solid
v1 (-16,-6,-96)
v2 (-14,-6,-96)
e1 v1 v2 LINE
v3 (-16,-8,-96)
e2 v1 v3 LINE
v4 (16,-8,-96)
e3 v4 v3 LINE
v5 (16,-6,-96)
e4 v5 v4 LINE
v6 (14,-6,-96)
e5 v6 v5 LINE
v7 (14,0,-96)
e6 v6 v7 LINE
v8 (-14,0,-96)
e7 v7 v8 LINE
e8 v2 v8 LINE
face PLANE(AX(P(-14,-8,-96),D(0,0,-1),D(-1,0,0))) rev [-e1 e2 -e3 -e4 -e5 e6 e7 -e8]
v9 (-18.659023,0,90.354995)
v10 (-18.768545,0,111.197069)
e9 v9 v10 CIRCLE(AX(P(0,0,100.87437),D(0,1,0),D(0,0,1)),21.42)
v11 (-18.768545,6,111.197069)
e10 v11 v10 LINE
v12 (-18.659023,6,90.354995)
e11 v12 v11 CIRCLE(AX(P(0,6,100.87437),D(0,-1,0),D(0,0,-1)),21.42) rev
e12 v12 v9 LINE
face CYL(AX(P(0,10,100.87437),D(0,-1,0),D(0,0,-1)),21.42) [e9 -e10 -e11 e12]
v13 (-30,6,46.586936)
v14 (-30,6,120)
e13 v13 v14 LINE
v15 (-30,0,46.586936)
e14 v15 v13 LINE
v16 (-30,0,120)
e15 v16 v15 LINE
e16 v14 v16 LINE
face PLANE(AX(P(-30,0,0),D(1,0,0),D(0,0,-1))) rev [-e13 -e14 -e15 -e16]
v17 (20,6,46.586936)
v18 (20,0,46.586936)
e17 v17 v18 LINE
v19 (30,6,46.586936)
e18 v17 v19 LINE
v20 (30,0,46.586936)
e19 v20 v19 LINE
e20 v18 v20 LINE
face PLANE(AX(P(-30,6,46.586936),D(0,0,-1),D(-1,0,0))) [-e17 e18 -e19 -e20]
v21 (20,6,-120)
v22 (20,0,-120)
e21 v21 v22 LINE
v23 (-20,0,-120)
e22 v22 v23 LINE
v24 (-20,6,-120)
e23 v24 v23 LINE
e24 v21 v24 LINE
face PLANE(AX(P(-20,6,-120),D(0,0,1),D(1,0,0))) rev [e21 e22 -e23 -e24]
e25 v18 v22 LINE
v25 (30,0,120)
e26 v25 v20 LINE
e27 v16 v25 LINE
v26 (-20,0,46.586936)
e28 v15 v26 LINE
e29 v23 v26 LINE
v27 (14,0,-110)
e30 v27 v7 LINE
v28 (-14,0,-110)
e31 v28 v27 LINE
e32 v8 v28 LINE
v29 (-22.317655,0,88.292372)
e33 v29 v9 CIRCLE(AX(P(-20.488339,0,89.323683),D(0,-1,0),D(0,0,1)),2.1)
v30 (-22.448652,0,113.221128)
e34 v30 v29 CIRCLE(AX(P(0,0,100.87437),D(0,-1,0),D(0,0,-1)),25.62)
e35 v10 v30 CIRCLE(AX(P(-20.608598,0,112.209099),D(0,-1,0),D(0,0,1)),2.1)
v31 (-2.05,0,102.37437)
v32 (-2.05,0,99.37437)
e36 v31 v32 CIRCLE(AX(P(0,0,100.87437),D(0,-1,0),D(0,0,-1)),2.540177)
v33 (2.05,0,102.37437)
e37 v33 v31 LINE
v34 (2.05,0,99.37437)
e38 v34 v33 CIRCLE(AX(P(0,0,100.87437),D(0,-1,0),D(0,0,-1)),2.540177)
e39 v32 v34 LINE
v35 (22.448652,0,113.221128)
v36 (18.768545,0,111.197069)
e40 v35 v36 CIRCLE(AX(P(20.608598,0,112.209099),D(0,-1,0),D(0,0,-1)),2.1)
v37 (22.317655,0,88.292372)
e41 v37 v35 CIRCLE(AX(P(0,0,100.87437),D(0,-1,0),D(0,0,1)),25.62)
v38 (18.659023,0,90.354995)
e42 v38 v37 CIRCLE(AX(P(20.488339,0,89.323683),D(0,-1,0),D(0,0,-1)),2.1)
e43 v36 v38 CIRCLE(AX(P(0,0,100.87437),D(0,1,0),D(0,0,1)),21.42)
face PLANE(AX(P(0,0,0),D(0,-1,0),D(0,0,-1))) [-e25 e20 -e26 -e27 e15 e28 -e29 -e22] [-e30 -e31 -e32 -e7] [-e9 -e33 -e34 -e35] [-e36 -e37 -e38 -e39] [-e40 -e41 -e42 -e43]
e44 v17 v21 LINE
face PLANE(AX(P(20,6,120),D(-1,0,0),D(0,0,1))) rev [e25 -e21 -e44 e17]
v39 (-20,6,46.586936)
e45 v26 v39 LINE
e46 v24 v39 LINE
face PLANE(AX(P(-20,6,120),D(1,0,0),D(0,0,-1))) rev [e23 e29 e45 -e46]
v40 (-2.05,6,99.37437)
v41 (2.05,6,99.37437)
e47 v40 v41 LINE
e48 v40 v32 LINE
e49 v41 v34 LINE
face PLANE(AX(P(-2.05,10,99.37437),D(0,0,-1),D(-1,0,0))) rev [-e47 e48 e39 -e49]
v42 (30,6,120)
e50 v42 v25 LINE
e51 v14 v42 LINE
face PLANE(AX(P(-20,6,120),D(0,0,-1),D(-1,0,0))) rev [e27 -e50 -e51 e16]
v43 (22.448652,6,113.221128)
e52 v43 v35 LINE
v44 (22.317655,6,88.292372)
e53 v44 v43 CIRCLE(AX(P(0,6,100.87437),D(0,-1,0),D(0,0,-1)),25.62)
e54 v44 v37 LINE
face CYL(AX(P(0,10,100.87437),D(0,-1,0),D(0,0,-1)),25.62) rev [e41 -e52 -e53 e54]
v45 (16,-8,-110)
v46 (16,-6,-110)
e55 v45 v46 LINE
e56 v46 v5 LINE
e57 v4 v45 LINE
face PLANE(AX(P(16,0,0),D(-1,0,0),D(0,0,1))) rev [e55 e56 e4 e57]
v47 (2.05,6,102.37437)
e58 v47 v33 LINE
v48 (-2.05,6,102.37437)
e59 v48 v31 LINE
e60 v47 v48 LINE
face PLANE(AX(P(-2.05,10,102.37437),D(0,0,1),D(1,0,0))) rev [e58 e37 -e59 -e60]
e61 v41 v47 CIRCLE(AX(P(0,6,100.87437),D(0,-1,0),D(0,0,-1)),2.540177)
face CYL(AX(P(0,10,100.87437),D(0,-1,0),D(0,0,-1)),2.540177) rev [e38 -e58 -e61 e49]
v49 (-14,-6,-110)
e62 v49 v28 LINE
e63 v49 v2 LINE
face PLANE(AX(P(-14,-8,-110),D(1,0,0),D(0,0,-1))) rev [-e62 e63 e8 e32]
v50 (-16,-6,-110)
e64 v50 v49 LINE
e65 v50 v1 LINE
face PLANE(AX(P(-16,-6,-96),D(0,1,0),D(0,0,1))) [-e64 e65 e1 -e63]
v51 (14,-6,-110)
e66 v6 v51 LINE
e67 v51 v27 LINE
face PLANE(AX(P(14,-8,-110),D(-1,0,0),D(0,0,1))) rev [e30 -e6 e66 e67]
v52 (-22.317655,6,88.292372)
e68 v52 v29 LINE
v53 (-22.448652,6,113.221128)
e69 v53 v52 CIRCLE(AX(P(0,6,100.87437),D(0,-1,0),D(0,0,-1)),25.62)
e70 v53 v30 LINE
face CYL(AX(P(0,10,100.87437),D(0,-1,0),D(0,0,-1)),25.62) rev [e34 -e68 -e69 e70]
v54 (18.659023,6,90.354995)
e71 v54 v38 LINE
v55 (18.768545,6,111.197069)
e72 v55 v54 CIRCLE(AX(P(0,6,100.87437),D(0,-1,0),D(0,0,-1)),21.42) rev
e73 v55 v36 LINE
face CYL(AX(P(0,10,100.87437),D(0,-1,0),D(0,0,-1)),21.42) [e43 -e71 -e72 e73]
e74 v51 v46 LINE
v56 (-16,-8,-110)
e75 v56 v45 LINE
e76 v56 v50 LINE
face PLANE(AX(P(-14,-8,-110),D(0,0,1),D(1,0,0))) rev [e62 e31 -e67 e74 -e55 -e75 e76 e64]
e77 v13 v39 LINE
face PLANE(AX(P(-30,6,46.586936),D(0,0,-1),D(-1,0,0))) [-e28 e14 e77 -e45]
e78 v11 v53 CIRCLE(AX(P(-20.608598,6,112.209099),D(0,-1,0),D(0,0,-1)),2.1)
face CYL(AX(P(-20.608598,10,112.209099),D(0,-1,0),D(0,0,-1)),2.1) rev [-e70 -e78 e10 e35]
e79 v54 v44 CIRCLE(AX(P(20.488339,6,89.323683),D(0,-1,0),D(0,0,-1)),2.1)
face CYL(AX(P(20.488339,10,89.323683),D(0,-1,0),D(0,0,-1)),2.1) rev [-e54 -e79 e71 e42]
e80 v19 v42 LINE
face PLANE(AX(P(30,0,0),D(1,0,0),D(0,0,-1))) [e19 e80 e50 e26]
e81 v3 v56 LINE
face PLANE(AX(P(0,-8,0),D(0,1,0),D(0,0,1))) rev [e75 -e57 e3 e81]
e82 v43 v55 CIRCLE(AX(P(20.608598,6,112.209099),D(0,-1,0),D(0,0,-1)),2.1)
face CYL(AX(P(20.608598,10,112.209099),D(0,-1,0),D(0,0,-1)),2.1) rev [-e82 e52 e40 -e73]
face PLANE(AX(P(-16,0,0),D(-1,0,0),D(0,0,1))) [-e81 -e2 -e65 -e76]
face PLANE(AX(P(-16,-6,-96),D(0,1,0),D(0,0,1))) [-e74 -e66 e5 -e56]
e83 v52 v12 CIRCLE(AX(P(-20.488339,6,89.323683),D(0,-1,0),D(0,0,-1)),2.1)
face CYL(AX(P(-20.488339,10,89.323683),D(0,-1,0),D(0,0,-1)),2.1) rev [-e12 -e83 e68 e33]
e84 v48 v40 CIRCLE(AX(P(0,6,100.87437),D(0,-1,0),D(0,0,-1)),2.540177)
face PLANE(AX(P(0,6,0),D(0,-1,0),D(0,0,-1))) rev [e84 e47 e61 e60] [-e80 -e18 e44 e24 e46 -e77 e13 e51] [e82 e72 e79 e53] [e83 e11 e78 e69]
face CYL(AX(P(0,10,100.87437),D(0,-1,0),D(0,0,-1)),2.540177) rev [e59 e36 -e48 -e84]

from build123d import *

# Parameters (mm, degrees)
SKETCH1_W                = 40
SKETCH1_H                = 240
BOSS_EXTRUDE1_DEPTH      = 6
SKETCH3_W                = 73.413063841
SKETCH3_H                = 6
BOSS_EXTRUDE2_DEPTH      = 10
BOSS_EXTRUDE2_DEPTH_BACK = 50
SKETCH4_W                = 28
SKETCH4_H                = 14
BOSS_EXTRUDE3_DEPTH      = 8
SKETCH5_W                = 14
SKETCH5_H                = 2
BOSS_EXTRUDE4_DEPTH      = 2
BOSS_EXTRUDE4_DEPTH_BACK = 30
CUT_EXTRUDE1_DEPTH       = 10


with BuildPart() as part:
    # Sketch1 → Boss-Extrude1 (new body)
    with BuildSketch(Plane(origin=(0, 0, 0), x_dir=(1, 0, 0), z_dir=(0, 1, 0))):
        Rectangle(SKETCH1_W, SKETCH1_H)
    extrude(amount=BOSS_EXTRUDE1_DEPTH)

    # Sketch3 → Boss-Extrude2 (add, two sides)
    with BuildSketch(Plane(origin=(20, 0, 0), x_dir=(0, 0, -1), z_dir=(1, 0, 0))) as boss_extrude2_sk:
        with Locations((-83.29346808, 3)):
            Rectangle(SKETCH3_W, SKETCH3_H)
    extrude(amount=BOSS_EXTRUDE2_DEPTH)
    extrude(boss_extrude2_sk.sketch, amount=-BOSS_EXTRUDE2_DEPTH_BACK)

    # Sketch4 → Boss-Extrude3 (add)
    with BuildSketch(Plane.XZ):
        with Locations((0, -103)):
            Rectangle(SKETCH4_W, SKETCH4_H)
    extrude(amount=BOSS_EXTRUDE3_DEPTH)

    # Sketch5 → Boss-Extrude4 (add, two sides)
    with BuildSketch(Plane(origin=(14, 0, 0), x_dir=(0, 0, -1), z_dir=(1, 0, 0))) as boss_extrude4_sk:
        with Locations((103, -7)):
            Rectangle(SKETCH5_W, SKETCH5_H)
    extrude(amount=BOSS_EXTRUDE4_DEPTH)
    extrude(boss_extrude4_sk.sketch, amount=-BOSS_EXTRUDE4_DEPTH_BACK)

    # Sketch2 → Cut-Extrude1 (cut)
    with BuildSketch(Plane.XZ):
        with BuildLine():
            Line((-2.05, 99.374369573), (2.05, 99.374369573))
            ThreePointArc((2.05, 99.374369573), (2.540177159, 100.874369573), (2.05, 102.374369573))
            Line((2.05, 102.374369573), (-2.05, 102.374369573))
            ThreePointArc((-2.05, 102.374369573), (-2.540177159, 100.874369573), (-2.05, 99.374369573))
        make_face()
        with BuildLine():
            ThreePointArc((-21.42, 100.874369573), (-20.718261003, 95.436533515), (-18.659023249, 90.354994526))
            ThreePointArc((-18.659023249, 90.354994526), (-19.457027975, 87.494367242), (-22.317655259, 88.292371968))
            ThreePointArc((-22.317655259, 88.292371968), (-24.780665122, 94.37029115), (-25.62, 100.874369573))
            ThreePointArc((-25.62, 100.874369573), (-24.814500332, 107.248141867), (-22.44865158, 113.221127942))
            ThreePointArc((-22.44865158, 113.221127942), (-19.596568798, 114.049151976), (-18.768544764, 111.197069193))
            ThreePointArc((-18.768544764, 111.197069193), (-20.746549458, 106.203261163), (-21.42, 100.874369573))
        make_face()
        with BuildLine():
            ThreePointArc((25.62, 100.874369573), (24.780665122, 94.37029115), (22.317655259, 88.292371968))
            ThreePointArc((22.317655259, 88.292371968), (19.457027975, 87.494367242), (18.659023249, 90.354994526))
            ThreePointArc((18.659023249, 90.354994526), (20.718261003, 95.436533515), (21.42, 100.874369573))
            ThreePointArc((21.42, 100.874369573), (20.746549458, 106.203261163), (18.768544764, 111.197069193))
            ThreePointArc((18.768544764, 111.197069193), (19.596568798, 114.049151976), (22.44865158, 113.221127942))
            ThreePointArc((22.44865158, 113.221127942), (24.814500332, 107.248141867), (25.62, 100.874369573))
        make_face()
    extrude(amount=-CUT_EXTRUDE1_DEPTH, mode=Mode.SUBTRACT)


solid = part.part
